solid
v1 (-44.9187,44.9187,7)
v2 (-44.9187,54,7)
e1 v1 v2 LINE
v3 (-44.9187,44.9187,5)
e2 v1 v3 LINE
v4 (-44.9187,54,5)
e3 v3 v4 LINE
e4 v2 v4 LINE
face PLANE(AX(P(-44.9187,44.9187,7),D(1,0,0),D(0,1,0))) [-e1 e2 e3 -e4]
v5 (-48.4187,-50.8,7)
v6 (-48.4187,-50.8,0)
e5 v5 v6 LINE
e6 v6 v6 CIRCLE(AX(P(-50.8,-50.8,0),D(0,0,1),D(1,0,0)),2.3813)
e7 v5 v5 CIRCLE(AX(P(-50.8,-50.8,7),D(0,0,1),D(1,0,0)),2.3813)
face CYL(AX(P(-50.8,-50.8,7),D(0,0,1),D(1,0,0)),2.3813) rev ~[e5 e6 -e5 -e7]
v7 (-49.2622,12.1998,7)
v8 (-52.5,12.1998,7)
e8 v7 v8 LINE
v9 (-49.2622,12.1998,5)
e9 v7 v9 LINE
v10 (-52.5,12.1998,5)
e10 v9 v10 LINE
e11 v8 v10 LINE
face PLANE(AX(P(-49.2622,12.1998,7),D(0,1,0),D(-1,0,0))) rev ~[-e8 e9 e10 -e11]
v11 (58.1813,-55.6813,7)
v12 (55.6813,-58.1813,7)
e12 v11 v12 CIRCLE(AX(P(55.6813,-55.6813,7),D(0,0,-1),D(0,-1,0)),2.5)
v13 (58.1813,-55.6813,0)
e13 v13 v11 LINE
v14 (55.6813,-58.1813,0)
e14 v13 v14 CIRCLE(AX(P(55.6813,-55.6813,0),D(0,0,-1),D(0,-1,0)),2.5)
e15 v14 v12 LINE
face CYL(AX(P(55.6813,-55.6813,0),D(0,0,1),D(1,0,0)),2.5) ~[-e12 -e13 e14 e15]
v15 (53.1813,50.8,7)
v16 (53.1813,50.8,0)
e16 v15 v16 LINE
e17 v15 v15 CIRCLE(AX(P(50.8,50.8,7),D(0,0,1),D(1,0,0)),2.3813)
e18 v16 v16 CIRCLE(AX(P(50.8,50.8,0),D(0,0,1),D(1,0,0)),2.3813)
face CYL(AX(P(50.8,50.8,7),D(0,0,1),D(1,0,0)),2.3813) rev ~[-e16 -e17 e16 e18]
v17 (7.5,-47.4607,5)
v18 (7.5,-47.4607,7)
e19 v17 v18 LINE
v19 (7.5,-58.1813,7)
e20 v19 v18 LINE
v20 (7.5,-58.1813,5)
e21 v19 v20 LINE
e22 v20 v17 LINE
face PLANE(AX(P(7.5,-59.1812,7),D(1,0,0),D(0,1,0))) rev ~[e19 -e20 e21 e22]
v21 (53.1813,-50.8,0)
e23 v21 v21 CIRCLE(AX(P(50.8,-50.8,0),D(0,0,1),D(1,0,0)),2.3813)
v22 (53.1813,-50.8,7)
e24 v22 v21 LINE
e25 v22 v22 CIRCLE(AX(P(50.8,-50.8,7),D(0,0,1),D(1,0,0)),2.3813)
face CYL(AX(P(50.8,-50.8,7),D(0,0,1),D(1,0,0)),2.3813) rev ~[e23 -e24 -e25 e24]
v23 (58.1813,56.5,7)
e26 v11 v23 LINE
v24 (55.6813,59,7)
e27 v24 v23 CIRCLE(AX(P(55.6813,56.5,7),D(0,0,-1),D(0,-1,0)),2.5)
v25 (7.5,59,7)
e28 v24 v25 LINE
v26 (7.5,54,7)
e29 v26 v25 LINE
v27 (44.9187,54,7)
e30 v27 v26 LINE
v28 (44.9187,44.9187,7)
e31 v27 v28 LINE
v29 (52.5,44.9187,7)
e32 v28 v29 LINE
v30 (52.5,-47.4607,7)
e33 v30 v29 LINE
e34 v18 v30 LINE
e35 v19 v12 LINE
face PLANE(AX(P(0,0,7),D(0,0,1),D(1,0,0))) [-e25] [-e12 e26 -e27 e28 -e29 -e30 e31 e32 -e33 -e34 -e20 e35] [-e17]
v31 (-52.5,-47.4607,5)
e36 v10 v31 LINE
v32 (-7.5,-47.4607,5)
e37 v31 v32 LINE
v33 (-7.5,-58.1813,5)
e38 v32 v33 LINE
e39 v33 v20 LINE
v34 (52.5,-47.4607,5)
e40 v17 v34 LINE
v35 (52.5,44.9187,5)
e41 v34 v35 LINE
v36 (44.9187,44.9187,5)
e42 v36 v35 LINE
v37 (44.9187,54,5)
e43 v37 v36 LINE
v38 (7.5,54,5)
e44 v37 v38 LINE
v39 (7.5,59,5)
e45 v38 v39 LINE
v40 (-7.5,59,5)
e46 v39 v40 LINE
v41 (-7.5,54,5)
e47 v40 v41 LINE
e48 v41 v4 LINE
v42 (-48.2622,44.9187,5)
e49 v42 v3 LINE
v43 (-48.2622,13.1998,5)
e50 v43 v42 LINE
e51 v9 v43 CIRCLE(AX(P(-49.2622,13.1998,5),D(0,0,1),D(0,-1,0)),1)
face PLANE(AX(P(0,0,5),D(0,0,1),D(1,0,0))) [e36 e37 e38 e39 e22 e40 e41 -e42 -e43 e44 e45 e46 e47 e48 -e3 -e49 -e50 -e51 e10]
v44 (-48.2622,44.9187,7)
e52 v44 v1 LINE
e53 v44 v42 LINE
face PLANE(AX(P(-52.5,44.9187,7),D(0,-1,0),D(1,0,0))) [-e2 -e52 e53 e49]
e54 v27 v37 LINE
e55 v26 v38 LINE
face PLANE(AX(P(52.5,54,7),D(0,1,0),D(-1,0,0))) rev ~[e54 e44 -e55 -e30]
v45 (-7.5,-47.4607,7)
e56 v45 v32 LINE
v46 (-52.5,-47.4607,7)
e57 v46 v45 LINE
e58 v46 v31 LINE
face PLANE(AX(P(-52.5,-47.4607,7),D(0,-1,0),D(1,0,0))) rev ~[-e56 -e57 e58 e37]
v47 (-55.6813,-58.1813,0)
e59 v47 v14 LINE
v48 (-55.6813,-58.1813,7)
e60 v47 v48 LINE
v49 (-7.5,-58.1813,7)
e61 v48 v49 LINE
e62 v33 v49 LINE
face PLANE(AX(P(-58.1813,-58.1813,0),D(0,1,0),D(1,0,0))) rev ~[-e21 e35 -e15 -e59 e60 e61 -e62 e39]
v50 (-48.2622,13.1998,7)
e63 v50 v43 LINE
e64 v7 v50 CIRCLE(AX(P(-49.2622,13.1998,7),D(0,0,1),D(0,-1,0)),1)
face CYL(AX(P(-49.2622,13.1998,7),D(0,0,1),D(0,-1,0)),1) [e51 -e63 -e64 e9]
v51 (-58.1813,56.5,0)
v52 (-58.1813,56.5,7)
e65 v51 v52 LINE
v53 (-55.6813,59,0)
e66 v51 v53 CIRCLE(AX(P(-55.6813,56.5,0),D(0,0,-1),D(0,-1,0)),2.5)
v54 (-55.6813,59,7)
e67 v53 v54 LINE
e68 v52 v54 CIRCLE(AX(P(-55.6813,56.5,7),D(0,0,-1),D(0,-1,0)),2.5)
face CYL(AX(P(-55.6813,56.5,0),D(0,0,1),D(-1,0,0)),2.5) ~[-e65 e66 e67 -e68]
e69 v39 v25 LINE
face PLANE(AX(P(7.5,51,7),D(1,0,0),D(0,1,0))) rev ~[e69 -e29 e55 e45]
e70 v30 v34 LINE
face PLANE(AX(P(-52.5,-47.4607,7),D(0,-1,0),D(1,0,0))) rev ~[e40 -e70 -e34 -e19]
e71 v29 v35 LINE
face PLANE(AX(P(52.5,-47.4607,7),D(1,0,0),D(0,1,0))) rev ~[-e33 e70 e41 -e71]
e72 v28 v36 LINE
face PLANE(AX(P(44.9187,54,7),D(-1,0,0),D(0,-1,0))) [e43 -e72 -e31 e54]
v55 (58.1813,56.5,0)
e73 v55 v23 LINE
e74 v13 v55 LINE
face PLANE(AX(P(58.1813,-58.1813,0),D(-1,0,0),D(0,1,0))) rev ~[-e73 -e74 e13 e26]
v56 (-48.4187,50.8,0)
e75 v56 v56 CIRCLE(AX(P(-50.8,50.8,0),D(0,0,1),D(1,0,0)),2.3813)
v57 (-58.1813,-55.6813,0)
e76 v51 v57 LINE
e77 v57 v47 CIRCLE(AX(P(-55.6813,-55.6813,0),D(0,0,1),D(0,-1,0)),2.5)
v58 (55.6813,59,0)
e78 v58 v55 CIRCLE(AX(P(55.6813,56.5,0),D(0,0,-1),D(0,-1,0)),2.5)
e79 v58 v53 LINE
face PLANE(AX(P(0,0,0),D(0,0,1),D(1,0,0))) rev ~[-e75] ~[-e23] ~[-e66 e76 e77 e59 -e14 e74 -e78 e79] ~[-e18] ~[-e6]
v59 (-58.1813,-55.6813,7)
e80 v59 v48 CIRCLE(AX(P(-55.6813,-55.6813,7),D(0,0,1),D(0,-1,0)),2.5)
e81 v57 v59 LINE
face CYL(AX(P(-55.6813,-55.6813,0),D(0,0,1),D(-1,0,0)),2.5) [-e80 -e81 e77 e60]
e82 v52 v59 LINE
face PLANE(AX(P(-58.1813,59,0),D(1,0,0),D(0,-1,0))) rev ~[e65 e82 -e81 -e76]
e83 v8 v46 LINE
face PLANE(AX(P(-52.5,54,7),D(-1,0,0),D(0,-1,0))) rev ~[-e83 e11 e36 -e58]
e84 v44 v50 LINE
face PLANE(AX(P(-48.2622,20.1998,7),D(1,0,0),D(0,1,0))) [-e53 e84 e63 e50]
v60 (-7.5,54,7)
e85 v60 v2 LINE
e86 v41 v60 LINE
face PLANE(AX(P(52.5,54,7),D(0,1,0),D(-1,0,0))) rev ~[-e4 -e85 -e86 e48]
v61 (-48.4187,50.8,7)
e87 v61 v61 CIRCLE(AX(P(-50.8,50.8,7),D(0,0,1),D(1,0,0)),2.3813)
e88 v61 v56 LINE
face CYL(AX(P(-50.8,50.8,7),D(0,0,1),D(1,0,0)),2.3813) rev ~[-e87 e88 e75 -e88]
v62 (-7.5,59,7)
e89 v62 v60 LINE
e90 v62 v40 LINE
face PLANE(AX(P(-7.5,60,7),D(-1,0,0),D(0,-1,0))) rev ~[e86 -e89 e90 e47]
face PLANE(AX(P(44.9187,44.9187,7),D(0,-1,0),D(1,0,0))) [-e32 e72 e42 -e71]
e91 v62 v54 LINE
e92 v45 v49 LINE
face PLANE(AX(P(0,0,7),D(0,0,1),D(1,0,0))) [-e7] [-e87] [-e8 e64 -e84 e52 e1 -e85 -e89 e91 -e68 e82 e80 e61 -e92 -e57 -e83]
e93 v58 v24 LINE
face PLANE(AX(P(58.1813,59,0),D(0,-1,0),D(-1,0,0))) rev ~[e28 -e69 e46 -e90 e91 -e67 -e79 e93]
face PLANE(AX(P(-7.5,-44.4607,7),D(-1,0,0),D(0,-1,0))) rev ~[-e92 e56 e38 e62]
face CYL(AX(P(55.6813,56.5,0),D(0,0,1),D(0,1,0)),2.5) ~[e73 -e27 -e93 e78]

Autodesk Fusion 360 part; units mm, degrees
ref_plane "WorkPlane1" through (0, 0, 7) normal (0, 0, 1) x (1, 0, 0)
sketch "Base Plate Sketch" plane through (0, 0, 0) normal (0, 0, 1) x (1, 0, 0)
  line L0 (-58.1813, -58.1813) -> (58.1813, -58.1813)
  line L1 (58.1813, -58.1813) -> (58.1813, 59)
  line L2 (58.1813, 59) -> (-58.1813, 59)
  line L3 (-58.1813, 59) -> (-58.1813, -58.1813)
extrude "Base Plate" add sketch "Base Plate Sketch" along normal blind 7
fillet "Fillet1" radius 2.5 4 edges at (-58.1813, 59, 3.5) (58.1813, 59, 3.5) (58.1813, -58.1813, 3.5) (-58.1813, -58.1813, 3.5)
sketch "Wafer Nest Pocket Sketch" plane through (0, 0, 7) normal (0, 0, 1) x (1, 0, 0)
  line L0 (-52.5, -47.4607) -> (52.5, -47.4607)
  line L1 (52.5, -47.4607) -> (52.5, 54)
  line L2 (52.5, 54) -> (-52.5, 54)
  line L3 (-52.5, 54) -> (-52.5, -47.4607)
extrude "Wafer Nest Pocket" cut sketch "Wafer Nest Pocket Sketch" against normal blind 2
sketch "Front-Center Access Relief Sketch" plane through (0, 0, 7) normal (0, 0, 1) x (1, 0, 0)
  line L0 (-7.5, -59.1812) -> (7.5, -59.1812)
  line L1 (7.5, -59.1812) -> (7.5, -44.4607)
  line L2 (7.5, -44.4607) -> (-7.5, -44.4607)
  line L3 (-7.5, -44.4607) -> (-7.5, -59.1812)
extrude "Front-Center Access Relief" cut sketch "Front-Center Access Relief Sketch" against normal blind 2
sketch "Rear-Center Access Relief Sketch" plane through (0, 0, 7) normal (0, 0, 1) x (1, 0, 0)
  line L0 (-7.5, 51) -> (7.5, 51)
  line L1 (7.5, 51) -> (7.5, 60)
  line L2 (7.5, 60) -> (-7.5, 60)
  line L3 (-7.5, 60) -> (-7.5, 51)
extrude "Rear-Center Access Relief" cut sketch "Rear-Center Access Relief Sketch" against normal blind 2
sketch "X Datum Square Sketch (165 deg / 9:30)" plane through (0, 0, 7) normal (0, 0, 1) x (1, 0, 0)
  line L0 (-56.2622, 20.1998) -> (-48.2622, 20.1998)
  line L1 (-48.2622, 20.1998) -> (-48.2622, 13.1998)
  arc A0 (-49.2622, 12.1998) -> (-48.2622, 13.1998) centre (-49.2622, 13.1998) ccw
  line L2 (-49.2622, 12.1998) -> (-56.2622, 12.1998)
  line L3 (-56.2622, 12.1998) -> (-56.2622, 20.1998)
extrude "X Datum Square (165 deg / 9:30, rounded corner)" add sketch "X Datum Square Sketch (165 deg / 9:30)" against normal blind 2
sketch "Left Wall Flush Above X-Datum Sketch" plane through (0, 0, 7) normal (0, 0, 1) x (1, 0, 0)
  line L0 (-52.5, 20.1998) -> (-48.2622, 20.1998)
  line L1 (-48.2622, 20.1998) -> (-48.2622, 54)
  line L2 (-48.2622, 54) -> (-52.5, 54)
  line L3 (-52.5, 54) -> (-52.5, 20.1998)
extrude "Left Wall Flush Above X-Datum" add sketch "Left Wall Flush Above X-Datum Sketch" against normal blind 2
sketch "Corner Clip (dowel -50.8, +50.8) Sketch" plane through (0, 0, 7) normal (0, 0, 1) x (1, 0, 0)
  line L0 (-52.5, 44.9187) -> (-44.9187, 44.9187)
  line L1 (-44.9187, 44.9187) -> (-44.9187, 54)
  line L2 (-44.9187, 54) -> (-52.5, 54)
  line L3 (-52.5, 54) -> (-52.5, 44.9187)
extrude "Corner Clip (dowel -50.8, +50.8)" add sketch "Corner Clip (dowel -50.8, +50.8) Sketch" against normal blind 2
sketch "Corner Clip (dowel +50.8, +50.8) Sketch" plane through (0, 0, 7) normal (0, 0, 1) x (1, 0, 0)
  line L0 (44.9187, 44.9187) -> (52.5, 44.9187)
  line L1 (52.5, 44.9187) -> (52.5, 54)
  line L2 (52.5, 54) -> (44.9187, 54)
  line L3 (44.9187, 54) -> (44.9187, 44.9187)
extrude "Corner Clip (dowel +50.8, +50.8)" add sketch "Corner Clip (dowel +50.8, +50.8) Sketch" against normal blind 2
sketch "Outer Front Left Dowel Bore Sketch" plane through (0, 0, 7) normal (0, 0, 1) x (1, 0, 0)
  circle A0 centre (-50.8, -50.8) radius 2.3813
extrude "Outer Front Left Dowel Bore" cut sketch "Outer Front Left Dowel Bore Sketch" against normal blind 7
sketch "Outer Front Right Dowel Bore Sketch" plane through (0, 0, 7) normal (0, 0, 1) x (1, 0, 0)
  circle A0 centre (50.8, -50.8) radius 2.3813
extrude "Outer Front Right Dowel Bore" cut sketch "Outer Front Right Dowel Bore Sketch" against normal blind 7
sketch "Outer Rear Left Dowel Bore Sketch" plane through (0, 0, 7) normal (0, 0, 1) x (1, 0, 0)
  circle A0 centre (-50.8, 50.8) radius 2.3813
extrude "Outer Rear Left Dowel Bore" cut sketch "Outer Rear Left Dowel Bore Sketch" against normal blind 7
sketch "Outer Rear Right Dowel Bore Sketch" plane through (0, 0, 7) normal (0, 0, 1) x (1, 0, 0)
  circle A0 centre (50.8, 50.8) radius 2.3813
extrude "Outer Rear Right Dowel Bore" cut sketch "Outer Rear Right Dowel Bore Sketch" against normal blind 7
equation "gridPitch = 25.4 mm" comment "Table hole-grid pitch"
equation "indexMove = 50.8 mm" comment "Two-grid-space indexing move"
equation "outerPinPatternSpan = 101.6 mm" comment "Four-space outer pin span"
equation "dowelDiameter = 4.7625 mm" comment "3/16 in steel locating dowel diameter"
equation "dowelHoleDiameter = 4.7625 mm" comment "3/16 in reamed dowel bore"
equation "plateEdgeMargin = 5.0 mm" comment "Solid margin, plate edge to nearest feature"
equation "plateWidth = 116.3625 mm" comment "Computed plate width (X)"
equation "plateHeight = 117.18125 mm" comment "Computed plate height (Y)"
equation "baseThickness = 7.0 mm" comment "Base plate thickness"
equation "pocketDepth = 2.0 mm" comment "Wafer-nest pocket depth"
equation "nestClearanceSide = 2.5 mm" comment "Left/right pocket-wall clearance"
equation "nestClearanceRear = 4.0 mm" comment "Rear pocket-wall clearance"
equation "filletRadius = 2.5 mm" comment "Base-plate corner fillet radius"
equation "primaryFlatClearance = 0.175 mm" comment "Front wall forward of nominal flat"
equation "xDatumSize = 8.0 mm" comment "Square X-datum block side"
equation "nestReliefWidth = 15.0 mm" comment "Front/rear access relief width"
equation "nestOffsetX = 0.0 mm" comment "Nest X from pin-square center"
equation "nestOffsetY = 0.0 mm" comment "Nest Y from pin-square center"
